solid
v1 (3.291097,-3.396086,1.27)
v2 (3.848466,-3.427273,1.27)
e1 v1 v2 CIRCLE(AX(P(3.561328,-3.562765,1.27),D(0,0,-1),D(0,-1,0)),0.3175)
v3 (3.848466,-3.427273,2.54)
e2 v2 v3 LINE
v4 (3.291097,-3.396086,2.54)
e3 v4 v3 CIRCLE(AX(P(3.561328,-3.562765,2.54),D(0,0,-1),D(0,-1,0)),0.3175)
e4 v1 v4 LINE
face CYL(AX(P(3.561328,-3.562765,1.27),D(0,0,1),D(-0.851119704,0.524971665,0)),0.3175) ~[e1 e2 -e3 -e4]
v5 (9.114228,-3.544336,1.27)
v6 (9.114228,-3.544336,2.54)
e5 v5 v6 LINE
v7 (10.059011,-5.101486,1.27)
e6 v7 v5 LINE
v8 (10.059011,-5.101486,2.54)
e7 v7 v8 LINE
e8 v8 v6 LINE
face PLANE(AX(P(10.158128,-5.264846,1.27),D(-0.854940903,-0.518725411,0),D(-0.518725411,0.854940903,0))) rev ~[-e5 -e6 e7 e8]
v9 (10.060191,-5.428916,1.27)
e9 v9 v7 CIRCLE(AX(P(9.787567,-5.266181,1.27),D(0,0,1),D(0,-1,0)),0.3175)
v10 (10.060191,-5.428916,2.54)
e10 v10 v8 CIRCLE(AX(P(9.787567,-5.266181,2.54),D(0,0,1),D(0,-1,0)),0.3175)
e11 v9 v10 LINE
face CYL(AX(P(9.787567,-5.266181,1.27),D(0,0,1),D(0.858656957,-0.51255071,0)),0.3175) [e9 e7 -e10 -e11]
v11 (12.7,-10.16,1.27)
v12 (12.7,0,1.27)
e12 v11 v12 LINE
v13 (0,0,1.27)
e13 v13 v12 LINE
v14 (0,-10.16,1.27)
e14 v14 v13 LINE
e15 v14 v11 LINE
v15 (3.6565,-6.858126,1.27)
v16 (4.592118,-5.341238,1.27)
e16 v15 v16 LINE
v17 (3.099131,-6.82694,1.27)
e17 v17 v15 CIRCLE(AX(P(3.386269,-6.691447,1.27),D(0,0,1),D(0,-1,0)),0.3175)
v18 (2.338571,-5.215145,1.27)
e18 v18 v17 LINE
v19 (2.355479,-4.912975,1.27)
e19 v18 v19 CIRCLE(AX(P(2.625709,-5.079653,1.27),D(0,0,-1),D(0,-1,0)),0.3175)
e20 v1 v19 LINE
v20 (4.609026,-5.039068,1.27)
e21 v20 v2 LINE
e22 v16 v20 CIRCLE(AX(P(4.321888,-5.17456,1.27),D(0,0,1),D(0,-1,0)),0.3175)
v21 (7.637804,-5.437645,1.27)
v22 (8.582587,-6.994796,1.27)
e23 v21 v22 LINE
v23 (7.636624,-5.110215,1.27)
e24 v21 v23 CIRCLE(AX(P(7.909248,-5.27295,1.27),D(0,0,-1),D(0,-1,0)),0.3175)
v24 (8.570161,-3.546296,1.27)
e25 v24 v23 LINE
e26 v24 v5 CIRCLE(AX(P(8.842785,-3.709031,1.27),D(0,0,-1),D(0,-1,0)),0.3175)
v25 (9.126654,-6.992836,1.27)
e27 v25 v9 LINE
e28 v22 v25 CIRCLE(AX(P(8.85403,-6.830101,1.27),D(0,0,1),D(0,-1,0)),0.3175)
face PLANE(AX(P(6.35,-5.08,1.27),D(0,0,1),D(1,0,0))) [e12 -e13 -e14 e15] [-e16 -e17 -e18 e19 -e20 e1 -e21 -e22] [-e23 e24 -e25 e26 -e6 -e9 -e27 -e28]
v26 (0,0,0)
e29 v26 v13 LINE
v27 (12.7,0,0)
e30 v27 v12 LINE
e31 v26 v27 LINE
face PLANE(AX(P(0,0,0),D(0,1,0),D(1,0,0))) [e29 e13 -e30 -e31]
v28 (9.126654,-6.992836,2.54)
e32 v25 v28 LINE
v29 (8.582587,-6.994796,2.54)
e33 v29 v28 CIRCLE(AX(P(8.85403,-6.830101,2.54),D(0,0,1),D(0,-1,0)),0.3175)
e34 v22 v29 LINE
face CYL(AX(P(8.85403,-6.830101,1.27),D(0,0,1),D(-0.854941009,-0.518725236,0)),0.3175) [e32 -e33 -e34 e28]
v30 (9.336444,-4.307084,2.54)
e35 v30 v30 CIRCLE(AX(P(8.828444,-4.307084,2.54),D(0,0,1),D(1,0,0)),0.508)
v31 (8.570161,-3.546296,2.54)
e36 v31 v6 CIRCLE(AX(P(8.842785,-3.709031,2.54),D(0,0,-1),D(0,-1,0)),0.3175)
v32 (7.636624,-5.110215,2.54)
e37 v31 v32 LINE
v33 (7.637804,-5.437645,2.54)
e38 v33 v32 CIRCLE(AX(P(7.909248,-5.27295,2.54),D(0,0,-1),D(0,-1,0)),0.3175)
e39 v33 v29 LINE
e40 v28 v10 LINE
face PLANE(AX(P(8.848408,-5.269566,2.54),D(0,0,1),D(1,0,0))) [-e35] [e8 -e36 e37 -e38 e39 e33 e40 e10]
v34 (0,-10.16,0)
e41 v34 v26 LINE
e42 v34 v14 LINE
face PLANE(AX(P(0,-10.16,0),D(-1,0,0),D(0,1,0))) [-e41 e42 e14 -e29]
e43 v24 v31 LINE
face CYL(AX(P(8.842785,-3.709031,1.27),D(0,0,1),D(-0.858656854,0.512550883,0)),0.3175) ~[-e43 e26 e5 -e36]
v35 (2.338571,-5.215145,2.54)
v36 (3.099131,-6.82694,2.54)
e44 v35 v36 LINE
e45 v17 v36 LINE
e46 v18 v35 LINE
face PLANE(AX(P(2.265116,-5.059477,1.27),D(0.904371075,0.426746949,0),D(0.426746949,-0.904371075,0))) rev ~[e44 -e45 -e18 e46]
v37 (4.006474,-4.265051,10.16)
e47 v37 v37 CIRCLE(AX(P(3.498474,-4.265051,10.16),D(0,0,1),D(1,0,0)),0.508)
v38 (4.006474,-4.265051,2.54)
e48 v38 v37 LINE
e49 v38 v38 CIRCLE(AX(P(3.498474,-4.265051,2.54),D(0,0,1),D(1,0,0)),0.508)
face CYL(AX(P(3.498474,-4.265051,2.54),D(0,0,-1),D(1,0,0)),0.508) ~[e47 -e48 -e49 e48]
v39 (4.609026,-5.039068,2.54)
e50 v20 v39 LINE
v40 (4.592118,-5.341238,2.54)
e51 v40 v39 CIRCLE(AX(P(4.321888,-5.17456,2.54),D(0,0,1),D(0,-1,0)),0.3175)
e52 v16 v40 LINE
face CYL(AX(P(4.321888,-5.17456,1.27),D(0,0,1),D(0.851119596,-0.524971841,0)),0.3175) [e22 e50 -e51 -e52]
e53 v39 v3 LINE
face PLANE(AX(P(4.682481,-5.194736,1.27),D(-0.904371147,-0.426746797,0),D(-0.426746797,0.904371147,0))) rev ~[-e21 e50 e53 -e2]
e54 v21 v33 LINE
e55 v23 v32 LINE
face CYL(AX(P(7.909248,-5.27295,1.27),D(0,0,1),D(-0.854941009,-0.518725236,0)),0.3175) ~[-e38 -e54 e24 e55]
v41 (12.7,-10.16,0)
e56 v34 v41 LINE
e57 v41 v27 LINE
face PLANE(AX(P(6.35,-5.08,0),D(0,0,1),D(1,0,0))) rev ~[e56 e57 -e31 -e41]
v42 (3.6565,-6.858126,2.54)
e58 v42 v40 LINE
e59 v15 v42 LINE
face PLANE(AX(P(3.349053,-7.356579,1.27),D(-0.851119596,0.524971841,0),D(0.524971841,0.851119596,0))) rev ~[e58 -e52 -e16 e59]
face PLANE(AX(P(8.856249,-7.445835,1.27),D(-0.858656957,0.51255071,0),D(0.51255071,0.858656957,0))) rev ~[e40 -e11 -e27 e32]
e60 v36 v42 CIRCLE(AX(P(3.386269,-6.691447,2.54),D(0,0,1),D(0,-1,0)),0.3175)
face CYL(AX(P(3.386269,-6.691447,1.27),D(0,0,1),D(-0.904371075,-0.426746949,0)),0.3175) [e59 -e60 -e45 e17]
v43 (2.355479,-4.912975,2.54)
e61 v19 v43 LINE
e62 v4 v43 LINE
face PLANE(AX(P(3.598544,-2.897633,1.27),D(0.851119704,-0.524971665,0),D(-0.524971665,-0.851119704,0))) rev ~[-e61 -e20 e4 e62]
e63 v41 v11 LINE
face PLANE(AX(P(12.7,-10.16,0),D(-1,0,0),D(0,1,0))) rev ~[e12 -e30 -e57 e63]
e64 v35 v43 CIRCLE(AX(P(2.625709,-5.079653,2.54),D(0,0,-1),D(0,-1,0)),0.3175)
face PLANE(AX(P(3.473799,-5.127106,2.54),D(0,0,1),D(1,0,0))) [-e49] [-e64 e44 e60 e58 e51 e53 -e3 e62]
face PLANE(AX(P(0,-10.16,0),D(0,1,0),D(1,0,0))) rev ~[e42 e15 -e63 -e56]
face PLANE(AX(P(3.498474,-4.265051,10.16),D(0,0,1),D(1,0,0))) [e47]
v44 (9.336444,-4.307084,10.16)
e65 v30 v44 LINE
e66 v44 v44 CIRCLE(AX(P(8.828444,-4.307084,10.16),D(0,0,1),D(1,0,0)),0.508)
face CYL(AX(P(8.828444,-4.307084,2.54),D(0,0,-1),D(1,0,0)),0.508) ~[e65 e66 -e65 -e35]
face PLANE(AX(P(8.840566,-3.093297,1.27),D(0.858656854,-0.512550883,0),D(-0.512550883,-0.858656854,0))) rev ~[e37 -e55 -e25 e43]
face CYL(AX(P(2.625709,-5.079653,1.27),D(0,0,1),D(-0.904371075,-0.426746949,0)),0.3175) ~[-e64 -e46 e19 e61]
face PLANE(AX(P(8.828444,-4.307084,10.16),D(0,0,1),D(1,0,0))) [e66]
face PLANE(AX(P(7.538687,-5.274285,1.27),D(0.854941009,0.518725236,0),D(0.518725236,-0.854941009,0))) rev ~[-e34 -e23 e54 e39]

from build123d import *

# Parameters (mm, degrees)
F0_W     = 12.7
F0_H     = 10.16
F1_DEPTH = 1.27
F3_DEPTH = 1.27
F4_R     = 0.3175
F5_R     = 0.3175
F6_R     = 0.508
F7_DEPTH = 7.62
F8_R     = 0.508
F9_DEPTH = 7.62


with BuildPart() as f1:
    # F0 (on Top) → F1 (new body)
    with BuildSketch(Plane.XY):
        with Locations((6.35, -5.08)):
            Rectangle(F0_W, F0_H)
    extrude(amount=F1_DEPTH)

    # F2 (on face) → F3 (join)
    with BuildSketch(Plane.XY.offset(1.27)):
        Polygon((4.682481, -5.194736), (3.598544, -2.897633), (2.265116, -5.059477), (3.349053, -7.356579), align=None)
        Polygon((7.538687, -5.274285), (8.856249, -7.445835), (10.158128, -5.264846), (8.840566, -3.093297), align=None)
    extrude(amount=F3_DEPTH)

    # F4
    f4_edges = [f1.edges().sort_by_distance(p)[0] for p in [
        (3.349053, -7.356579, 1.905),
        (8.856249, -7.445835, 1.905),
    ]]
    fillet(f4_edges, radius=F4_R)

    # F5
    f5_edges = [f1.edges().sort_by_distance(p)[0] for p in [
        (7.538687, -5.274285, 1.905),
        (2.265116, -5.059477, 1.905),
        (3.598544, -2.897633, 1.905),
        (8.840566, -3.093297, 1.905),
        (10.158128, -5.264846, 1.905),
        (4.682481, -5.194736, 1.905),
    ]]
    fillet(f5_edges, radius=F5_R)

    # F6 (on face) → F7 (join)
    with BuildSketch(Plane.XY.offset(2.54)):
        with Locations((3.498474, -4.265051)):
            Circle(F6_R)
    extrude(amount=F7_DEPTH)

    # F8 (on face) → F9 (join)
    with BuildSketch(Plane.XY.offset(2.54)):
        with Locations((8.828444, -4.307084)):
            Circle(F8_R)
    extrude(amount=F9_DEPTH)


solid = f1.part
